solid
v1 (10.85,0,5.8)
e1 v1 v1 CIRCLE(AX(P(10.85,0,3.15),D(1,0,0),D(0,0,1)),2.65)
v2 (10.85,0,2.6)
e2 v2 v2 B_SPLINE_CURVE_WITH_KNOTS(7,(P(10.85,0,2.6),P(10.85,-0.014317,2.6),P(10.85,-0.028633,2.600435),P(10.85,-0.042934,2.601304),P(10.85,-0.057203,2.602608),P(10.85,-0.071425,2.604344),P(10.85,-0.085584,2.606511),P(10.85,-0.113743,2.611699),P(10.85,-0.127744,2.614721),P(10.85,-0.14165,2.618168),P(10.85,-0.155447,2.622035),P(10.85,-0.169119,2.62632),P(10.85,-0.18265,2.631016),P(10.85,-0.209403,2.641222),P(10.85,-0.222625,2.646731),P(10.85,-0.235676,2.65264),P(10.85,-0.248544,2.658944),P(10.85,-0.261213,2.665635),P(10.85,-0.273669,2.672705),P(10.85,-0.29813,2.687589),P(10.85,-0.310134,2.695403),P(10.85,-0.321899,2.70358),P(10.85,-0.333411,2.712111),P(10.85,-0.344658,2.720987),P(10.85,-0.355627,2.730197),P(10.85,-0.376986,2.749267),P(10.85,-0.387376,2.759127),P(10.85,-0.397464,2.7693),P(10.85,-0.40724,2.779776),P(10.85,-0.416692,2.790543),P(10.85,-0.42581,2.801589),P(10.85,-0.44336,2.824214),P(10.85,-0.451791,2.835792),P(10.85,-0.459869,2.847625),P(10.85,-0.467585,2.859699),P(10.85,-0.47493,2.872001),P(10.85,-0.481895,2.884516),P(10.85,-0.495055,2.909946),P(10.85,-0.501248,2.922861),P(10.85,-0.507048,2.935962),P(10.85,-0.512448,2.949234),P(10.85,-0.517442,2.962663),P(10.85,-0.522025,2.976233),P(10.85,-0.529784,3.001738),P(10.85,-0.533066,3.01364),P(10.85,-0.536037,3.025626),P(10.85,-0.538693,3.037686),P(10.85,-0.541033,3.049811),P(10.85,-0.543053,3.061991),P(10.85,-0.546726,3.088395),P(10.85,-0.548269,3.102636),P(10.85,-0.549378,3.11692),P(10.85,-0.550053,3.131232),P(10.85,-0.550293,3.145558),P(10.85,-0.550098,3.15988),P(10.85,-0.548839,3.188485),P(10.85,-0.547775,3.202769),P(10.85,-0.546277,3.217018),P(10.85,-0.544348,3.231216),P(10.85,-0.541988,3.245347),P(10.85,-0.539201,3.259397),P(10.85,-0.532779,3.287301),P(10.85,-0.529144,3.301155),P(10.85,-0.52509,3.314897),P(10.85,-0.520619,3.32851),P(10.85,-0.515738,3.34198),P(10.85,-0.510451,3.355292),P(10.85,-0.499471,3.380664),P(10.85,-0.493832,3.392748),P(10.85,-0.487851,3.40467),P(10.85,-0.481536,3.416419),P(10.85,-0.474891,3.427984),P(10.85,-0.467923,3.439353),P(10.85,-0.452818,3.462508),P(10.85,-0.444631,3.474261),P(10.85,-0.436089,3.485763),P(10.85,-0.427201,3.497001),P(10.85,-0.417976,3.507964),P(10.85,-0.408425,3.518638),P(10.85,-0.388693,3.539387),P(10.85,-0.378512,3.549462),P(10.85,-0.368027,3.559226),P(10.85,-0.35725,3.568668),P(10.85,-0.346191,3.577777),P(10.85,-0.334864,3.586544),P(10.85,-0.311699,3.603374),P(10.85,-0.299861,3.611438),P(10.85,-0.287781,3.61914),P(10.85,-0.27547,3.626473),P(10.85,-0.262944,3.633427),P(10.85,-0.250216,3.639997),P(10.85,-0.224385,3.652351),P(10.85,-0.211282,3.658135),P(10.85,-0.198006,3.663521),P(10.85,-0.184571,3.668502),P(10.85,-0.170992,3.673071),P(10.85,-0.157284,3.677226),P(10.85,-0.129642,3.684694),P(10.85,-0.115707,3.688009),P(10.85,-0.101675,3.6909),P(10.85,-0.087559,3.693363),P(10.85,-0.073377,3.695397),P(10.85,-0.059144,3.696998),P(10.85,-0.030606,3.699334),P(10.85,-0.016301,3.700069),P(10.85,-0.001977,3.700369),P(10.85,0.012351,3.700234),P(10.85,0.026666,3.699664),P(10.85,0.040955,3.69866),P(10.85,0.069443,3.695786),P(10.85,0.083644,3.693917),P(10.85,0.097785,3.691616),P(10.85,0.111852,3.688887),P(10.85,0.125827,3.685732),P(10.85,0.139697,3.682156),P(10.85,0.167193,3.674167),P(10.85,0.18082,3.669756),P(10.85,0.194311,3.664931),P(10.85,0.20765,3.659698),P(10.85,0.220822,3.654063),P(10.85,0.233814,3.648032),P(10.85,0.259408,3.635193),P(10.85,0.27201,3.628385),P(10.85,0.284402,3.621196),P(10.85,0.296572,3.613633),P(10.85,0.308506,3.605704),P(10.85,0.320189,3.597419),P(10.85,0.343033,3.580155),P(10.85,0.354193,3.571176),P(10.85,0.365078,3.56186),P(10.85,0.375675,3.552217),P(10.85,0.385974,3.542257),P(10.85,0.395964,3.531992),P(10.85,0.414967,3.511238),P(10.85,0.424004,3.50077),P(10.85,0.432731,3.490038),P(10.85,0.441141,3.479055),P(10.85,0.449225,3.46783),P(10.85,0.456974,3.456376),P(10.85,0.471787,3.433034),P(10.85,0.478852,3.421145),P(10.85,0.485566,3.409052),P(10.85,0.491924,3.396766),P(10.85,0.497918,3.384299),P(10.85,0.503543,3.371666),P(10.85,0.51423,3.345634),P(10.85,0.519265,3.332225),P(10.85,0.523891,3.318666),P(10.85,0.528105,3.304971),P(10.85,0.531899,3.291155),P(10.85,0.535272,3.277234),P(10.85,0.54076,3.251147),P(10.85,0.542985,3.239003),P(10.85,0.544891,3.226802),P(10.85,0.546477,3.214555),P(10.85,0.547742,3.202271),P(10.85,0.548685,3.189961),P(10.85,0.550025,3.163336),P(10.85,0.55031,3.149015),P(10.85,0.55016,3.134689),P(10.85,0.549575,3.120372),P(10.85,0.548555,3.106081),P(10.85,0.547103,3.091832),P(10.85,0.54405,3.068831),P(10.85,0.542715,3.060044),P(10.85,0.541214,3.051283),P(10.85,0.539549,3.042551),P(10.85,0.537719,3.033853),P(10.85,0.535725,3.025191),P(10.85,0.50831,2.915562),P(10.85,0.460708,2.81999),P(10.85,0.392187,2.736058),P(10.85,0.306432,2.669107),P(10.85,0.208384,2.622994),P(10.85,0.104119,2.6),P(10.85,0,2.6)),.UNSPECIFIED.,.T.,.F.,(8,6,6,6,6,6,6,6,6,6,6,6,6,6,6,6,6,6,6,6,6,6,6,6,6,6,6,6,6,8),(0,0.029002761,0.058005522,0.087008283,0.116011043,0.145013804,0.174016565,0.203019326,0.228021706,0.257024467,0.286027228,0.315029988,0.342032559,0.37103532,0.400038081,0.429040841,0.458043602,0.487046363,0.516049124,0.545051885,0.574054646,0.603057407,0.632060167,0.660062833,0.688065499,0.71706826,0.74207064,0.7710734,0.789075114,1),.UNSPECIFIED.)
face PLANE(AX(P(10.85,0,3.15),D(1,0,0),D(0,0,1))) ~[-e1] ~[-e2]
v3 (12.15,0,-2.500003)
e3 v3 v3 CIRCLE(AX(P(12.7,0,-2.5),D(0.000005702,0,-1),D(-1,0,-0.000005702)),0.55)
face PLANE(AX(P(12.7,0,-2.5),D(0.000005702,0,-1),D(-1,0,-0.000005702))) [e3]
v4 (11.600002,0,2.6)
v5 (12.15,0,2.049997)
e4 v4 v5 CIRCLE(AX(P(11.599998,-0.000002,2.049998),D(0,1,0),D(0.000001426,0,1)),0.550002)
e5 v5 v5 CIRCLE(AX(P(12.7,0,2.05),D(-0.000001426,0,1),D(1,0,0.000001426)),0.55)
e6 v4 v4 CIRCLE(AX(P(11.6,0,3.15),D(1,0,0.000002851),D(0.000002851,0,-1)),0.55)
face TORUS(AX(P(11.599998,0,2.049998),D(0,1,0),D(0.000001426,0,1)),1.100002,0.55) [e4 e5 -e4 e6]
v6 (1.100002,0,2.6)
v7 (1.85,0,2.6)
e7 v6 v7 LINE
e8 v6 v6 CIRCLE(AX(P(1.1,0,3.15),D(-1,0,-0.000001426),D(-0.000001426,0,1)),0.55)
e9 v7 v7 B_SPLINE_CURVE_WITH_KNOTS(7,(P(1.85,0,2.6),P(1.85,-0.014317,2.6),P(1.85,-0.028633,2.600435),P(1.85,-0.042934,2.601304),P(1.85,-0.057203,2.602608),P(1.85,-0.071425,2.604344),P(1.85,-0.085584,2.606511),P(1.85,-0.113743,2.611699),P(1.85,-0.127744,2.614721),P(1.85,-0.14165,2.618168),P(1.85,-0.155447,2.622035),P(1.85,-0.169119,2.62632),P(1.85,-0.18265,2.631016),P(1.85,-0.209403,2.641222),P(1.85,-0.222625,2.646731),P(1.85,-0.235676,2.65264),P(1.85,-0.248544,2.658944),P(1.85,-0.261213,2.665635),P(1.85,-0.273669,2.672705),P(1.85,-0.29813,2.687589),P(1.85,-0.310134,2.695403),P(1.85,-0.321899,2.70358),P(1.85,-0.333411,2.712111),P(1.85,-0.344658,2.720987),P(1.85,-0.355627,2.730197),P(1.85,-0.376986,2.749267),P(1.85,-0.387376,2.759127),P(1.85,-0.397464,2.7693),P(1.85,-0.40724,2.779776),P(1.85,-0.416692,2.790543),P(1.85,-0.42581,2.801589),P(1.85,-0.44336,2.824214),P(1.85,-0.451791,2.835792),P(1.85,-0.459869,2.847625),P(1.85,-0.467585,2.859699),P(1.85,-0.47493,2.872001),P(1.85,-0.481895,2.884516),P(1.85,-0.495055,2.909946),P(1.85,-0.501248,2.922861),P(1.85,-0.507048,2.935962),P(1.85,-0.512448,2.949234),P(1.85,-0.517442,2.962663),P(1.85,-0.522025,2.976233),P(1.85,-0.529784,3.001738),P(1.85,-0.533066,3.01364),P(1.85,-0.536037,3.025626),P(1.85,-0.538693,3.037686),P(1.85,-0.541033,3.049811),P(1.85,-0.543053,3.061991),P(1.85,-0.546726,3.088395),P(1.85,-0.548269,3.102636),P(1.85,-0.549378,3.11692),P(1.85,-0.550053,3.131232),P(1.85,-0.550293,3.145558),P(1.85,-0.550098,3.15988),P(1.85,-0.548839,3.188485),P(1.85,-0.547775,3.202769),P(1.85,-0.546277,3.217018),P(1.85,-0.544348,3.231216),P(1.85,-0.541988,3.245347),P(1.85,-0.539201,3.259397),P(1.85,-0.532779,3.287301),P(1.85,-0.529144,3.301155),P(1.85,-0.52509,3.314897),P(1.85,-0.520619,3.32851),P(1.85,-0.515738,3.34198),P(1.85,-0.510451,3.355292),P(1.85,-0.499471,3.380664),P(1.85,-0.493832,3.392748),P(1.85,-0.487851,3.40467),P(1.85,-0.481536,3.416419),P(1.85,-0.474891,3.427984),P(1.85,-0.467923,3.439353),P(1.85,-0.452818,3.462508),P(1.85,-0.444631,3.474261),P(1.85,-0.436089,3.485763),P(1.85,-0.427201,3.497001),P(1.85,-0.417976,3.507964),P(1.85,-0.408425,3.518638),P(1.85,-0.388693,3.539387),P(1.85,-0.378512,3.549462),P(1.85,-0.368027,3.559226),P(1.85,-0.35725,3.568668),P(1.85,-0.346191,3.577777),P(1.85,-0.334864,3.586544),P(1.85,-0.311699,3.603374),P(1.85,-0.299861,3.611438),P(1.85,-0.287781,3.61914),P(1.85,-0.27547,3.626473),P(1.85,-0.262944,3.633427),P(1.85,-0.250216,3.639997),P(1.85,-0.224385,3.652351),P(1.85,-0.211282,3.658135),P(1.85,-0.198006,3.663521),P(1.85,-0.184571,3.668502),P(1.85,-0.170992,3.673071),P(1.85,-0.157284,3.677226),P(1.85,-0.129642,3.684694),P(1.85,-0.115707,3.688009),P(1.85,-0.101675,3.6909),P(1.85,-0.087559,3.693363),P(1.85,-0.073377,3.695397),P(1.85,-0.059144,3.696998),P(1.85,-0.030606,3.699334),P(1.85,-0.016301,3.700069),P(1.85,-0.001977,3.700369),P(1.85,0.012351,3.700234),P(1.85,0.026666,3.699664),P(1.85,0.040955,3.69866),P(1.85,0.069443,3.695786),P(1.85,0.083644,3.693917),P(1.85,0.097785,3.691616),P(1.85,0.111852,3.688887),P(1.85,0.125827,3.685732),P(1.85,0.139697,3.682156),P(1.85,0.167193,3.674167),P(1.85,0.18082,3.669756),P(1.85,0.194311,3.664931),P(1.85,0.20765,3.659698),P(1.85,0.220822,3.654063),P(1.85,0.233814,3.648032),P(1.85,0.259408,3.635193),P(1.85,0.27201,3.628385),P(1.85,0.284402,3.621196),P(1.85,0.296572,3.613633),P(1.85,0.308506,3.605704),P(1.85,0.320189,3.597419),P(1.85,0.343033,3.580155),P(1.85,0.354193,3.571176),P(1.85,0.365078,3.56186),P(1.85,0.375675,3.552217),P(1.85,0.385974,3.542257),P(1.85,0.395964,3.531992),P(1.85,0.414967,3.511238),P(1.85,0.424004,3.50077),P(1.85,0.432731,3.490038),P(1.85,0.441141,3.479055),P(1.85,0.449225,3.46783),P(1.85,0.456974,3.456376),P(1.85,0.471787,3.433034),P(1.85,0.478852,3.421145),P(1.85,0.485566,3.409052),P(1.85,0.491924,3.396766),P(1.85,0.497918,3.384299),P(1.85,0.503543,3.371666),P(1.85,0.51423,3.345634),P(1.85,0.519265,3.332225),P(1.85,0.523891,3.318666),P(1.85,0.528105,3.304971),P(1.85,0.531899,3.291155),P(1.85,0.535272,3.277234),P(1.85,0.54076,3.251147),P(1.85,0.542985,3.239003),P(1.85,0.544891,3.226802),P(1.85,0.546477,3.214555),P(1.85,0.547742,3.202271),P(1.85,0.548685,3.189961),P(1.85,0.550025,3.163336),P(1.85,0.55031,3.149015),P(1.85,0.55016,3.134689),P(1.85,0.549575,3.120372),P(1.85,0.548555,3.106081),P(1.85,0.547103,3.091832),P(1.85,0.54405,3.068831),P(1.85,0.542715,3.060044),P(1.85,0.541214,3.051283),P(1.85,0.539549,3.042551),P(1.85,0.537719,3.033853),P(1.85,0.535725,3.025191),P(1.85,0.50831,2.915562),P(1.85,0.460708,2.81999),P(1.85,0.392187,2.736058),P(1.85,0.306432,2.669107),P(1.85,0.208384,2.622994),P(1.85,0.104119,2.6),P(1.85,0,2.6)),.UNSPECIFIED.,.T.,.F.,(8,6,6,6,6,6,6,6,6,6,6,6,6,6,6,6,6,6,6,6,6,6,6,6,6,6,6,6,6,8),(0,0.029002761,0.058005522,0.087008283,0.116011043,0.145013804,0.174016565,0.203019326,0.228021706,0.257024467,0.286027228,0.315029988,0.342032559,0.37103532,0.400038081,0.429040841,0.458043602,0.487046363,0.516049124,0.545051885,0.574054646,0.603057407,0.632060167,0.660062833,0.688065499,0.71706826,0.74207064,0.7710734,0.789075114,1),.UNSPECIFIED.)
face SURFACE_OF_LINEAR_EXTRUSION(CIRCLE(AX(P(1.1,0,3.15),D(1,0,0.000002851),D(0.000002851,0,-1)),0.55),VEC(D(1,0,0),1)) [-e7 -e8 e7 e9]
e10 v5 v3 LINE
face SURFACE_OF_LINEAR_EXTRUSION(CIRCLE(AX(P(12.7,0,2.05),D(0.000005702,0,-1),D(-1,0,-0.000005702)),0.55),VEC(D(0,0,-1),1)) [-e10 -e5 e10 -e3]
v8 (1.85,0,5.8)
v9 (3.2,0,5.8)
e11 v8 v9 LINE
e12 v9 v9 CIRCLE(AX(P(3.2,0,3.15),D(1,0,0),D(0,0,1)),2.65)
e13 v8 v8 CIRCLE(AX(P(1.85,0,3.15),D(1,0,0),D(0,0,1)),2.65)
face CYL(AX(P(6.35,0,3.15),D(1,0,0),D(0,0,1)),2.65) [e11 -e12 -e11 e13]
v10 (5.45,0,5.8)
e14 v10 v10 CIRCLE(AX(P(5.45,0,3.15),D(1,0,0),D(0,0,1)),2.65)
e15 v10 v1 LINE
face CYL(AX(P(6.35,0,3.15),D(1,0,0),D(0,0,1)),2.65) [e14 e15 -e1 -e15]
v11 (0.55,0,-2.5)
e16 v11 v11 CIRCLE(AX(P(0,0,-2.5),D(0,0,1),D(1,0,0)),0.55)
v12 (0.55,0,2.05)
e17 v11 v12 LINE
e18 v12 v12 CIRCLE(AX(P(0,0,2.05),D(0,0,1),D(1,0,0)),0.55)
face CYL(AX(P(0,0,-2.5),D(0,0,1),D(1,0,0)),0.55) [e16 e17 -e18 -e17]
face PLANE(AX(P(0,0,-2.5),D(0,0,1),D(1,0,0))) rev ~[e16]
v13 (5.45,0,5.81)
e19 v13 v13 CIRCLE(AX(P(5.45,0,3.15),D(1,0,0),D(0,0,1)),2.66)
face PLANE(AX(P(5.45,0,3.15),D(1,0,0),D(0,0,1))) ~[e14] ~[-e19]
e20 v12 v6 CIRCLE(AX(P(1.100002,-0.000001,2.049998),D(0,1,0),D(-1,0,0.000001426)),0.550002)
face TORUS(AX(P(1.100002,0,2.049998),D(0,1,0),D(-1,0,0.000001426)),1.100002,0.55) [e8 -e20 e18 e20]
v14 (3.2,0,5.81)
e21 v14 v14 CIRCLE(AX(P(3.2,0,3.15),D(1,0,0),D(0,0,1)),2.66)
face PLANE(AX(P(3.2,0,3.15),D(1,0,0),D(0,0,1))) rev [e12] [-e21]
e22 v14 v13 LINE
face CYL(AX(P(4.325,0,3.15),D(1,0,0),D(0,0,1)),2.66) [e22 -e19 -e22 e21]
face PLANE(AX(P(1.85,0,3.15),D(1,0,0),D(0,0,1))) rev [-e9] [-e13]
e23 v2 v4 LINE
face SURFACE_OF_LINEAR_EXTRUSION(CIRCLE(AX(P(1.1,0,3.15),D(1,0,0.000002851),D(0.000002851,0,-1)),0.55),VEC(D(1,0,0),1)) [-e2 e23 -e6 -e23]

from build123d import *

# Parameters (mm, degrees)
SKETCH002_W = 9
SKETCH002_H = 2.65
SKETCH_R    = 0.55
SKETCH003_W = 2.25
SKETCH003_H = 0.02


with BuildPart() as revolution:
    # Sketch002 → Revolution (revolve)
    with BuildSketch(Plane.XZ):
        with Locations((6.35, 4.475)):
            Rectangle(SKETCH002_W, SKETCH002_H)
    revolve(axis=Axis((1.85, 0, 3.15), (1, 0, 0)))


with BuildPart() as sweep_body:
    # Sweep: sweep along a path in Sketch001
    with BuildLine(Plane.XZ) as sweep_path:
        Line((0, -2.5), (0, 2.05))
        ThreePointArc((0, 2.05), (0.322183, 2.827817), (1.1, 3.15))
        Line((1.1, 3.15), (11.6, 3.15))
        ThreePointArc((11.6, 3.15), (12.377817, 2.827817), (12.7, 2.05))
        Line((12.7, 2.05), (12.7, -2.5))
    # Sketch → Sweep (sweep)
    with BuildSketch(Plane.XY.offset(-2)):
        Circle(SKETCH_R)
    sweep(path=sweep_path.line)


with BuildPart() as d_do_201ae_p12_70mm_horizontal:
    # Sketch003 → Revolution001 (revolve)
    with BuildSketch(Plane.XZ):
        with Locations((4.325, 5.8)):
            Rectangle(SKETCH003_W, SKETCH003_H)
    revolve(axis=Axis((0, 0, 3.15), (1, 0, 0)))

    # Revolution001_mp_cp: union Revolution, Sweep body
    add(revolution.part)
    add(sweep_body.part)


solid = d_do_201ae_p12_70mm_horizontal.part
